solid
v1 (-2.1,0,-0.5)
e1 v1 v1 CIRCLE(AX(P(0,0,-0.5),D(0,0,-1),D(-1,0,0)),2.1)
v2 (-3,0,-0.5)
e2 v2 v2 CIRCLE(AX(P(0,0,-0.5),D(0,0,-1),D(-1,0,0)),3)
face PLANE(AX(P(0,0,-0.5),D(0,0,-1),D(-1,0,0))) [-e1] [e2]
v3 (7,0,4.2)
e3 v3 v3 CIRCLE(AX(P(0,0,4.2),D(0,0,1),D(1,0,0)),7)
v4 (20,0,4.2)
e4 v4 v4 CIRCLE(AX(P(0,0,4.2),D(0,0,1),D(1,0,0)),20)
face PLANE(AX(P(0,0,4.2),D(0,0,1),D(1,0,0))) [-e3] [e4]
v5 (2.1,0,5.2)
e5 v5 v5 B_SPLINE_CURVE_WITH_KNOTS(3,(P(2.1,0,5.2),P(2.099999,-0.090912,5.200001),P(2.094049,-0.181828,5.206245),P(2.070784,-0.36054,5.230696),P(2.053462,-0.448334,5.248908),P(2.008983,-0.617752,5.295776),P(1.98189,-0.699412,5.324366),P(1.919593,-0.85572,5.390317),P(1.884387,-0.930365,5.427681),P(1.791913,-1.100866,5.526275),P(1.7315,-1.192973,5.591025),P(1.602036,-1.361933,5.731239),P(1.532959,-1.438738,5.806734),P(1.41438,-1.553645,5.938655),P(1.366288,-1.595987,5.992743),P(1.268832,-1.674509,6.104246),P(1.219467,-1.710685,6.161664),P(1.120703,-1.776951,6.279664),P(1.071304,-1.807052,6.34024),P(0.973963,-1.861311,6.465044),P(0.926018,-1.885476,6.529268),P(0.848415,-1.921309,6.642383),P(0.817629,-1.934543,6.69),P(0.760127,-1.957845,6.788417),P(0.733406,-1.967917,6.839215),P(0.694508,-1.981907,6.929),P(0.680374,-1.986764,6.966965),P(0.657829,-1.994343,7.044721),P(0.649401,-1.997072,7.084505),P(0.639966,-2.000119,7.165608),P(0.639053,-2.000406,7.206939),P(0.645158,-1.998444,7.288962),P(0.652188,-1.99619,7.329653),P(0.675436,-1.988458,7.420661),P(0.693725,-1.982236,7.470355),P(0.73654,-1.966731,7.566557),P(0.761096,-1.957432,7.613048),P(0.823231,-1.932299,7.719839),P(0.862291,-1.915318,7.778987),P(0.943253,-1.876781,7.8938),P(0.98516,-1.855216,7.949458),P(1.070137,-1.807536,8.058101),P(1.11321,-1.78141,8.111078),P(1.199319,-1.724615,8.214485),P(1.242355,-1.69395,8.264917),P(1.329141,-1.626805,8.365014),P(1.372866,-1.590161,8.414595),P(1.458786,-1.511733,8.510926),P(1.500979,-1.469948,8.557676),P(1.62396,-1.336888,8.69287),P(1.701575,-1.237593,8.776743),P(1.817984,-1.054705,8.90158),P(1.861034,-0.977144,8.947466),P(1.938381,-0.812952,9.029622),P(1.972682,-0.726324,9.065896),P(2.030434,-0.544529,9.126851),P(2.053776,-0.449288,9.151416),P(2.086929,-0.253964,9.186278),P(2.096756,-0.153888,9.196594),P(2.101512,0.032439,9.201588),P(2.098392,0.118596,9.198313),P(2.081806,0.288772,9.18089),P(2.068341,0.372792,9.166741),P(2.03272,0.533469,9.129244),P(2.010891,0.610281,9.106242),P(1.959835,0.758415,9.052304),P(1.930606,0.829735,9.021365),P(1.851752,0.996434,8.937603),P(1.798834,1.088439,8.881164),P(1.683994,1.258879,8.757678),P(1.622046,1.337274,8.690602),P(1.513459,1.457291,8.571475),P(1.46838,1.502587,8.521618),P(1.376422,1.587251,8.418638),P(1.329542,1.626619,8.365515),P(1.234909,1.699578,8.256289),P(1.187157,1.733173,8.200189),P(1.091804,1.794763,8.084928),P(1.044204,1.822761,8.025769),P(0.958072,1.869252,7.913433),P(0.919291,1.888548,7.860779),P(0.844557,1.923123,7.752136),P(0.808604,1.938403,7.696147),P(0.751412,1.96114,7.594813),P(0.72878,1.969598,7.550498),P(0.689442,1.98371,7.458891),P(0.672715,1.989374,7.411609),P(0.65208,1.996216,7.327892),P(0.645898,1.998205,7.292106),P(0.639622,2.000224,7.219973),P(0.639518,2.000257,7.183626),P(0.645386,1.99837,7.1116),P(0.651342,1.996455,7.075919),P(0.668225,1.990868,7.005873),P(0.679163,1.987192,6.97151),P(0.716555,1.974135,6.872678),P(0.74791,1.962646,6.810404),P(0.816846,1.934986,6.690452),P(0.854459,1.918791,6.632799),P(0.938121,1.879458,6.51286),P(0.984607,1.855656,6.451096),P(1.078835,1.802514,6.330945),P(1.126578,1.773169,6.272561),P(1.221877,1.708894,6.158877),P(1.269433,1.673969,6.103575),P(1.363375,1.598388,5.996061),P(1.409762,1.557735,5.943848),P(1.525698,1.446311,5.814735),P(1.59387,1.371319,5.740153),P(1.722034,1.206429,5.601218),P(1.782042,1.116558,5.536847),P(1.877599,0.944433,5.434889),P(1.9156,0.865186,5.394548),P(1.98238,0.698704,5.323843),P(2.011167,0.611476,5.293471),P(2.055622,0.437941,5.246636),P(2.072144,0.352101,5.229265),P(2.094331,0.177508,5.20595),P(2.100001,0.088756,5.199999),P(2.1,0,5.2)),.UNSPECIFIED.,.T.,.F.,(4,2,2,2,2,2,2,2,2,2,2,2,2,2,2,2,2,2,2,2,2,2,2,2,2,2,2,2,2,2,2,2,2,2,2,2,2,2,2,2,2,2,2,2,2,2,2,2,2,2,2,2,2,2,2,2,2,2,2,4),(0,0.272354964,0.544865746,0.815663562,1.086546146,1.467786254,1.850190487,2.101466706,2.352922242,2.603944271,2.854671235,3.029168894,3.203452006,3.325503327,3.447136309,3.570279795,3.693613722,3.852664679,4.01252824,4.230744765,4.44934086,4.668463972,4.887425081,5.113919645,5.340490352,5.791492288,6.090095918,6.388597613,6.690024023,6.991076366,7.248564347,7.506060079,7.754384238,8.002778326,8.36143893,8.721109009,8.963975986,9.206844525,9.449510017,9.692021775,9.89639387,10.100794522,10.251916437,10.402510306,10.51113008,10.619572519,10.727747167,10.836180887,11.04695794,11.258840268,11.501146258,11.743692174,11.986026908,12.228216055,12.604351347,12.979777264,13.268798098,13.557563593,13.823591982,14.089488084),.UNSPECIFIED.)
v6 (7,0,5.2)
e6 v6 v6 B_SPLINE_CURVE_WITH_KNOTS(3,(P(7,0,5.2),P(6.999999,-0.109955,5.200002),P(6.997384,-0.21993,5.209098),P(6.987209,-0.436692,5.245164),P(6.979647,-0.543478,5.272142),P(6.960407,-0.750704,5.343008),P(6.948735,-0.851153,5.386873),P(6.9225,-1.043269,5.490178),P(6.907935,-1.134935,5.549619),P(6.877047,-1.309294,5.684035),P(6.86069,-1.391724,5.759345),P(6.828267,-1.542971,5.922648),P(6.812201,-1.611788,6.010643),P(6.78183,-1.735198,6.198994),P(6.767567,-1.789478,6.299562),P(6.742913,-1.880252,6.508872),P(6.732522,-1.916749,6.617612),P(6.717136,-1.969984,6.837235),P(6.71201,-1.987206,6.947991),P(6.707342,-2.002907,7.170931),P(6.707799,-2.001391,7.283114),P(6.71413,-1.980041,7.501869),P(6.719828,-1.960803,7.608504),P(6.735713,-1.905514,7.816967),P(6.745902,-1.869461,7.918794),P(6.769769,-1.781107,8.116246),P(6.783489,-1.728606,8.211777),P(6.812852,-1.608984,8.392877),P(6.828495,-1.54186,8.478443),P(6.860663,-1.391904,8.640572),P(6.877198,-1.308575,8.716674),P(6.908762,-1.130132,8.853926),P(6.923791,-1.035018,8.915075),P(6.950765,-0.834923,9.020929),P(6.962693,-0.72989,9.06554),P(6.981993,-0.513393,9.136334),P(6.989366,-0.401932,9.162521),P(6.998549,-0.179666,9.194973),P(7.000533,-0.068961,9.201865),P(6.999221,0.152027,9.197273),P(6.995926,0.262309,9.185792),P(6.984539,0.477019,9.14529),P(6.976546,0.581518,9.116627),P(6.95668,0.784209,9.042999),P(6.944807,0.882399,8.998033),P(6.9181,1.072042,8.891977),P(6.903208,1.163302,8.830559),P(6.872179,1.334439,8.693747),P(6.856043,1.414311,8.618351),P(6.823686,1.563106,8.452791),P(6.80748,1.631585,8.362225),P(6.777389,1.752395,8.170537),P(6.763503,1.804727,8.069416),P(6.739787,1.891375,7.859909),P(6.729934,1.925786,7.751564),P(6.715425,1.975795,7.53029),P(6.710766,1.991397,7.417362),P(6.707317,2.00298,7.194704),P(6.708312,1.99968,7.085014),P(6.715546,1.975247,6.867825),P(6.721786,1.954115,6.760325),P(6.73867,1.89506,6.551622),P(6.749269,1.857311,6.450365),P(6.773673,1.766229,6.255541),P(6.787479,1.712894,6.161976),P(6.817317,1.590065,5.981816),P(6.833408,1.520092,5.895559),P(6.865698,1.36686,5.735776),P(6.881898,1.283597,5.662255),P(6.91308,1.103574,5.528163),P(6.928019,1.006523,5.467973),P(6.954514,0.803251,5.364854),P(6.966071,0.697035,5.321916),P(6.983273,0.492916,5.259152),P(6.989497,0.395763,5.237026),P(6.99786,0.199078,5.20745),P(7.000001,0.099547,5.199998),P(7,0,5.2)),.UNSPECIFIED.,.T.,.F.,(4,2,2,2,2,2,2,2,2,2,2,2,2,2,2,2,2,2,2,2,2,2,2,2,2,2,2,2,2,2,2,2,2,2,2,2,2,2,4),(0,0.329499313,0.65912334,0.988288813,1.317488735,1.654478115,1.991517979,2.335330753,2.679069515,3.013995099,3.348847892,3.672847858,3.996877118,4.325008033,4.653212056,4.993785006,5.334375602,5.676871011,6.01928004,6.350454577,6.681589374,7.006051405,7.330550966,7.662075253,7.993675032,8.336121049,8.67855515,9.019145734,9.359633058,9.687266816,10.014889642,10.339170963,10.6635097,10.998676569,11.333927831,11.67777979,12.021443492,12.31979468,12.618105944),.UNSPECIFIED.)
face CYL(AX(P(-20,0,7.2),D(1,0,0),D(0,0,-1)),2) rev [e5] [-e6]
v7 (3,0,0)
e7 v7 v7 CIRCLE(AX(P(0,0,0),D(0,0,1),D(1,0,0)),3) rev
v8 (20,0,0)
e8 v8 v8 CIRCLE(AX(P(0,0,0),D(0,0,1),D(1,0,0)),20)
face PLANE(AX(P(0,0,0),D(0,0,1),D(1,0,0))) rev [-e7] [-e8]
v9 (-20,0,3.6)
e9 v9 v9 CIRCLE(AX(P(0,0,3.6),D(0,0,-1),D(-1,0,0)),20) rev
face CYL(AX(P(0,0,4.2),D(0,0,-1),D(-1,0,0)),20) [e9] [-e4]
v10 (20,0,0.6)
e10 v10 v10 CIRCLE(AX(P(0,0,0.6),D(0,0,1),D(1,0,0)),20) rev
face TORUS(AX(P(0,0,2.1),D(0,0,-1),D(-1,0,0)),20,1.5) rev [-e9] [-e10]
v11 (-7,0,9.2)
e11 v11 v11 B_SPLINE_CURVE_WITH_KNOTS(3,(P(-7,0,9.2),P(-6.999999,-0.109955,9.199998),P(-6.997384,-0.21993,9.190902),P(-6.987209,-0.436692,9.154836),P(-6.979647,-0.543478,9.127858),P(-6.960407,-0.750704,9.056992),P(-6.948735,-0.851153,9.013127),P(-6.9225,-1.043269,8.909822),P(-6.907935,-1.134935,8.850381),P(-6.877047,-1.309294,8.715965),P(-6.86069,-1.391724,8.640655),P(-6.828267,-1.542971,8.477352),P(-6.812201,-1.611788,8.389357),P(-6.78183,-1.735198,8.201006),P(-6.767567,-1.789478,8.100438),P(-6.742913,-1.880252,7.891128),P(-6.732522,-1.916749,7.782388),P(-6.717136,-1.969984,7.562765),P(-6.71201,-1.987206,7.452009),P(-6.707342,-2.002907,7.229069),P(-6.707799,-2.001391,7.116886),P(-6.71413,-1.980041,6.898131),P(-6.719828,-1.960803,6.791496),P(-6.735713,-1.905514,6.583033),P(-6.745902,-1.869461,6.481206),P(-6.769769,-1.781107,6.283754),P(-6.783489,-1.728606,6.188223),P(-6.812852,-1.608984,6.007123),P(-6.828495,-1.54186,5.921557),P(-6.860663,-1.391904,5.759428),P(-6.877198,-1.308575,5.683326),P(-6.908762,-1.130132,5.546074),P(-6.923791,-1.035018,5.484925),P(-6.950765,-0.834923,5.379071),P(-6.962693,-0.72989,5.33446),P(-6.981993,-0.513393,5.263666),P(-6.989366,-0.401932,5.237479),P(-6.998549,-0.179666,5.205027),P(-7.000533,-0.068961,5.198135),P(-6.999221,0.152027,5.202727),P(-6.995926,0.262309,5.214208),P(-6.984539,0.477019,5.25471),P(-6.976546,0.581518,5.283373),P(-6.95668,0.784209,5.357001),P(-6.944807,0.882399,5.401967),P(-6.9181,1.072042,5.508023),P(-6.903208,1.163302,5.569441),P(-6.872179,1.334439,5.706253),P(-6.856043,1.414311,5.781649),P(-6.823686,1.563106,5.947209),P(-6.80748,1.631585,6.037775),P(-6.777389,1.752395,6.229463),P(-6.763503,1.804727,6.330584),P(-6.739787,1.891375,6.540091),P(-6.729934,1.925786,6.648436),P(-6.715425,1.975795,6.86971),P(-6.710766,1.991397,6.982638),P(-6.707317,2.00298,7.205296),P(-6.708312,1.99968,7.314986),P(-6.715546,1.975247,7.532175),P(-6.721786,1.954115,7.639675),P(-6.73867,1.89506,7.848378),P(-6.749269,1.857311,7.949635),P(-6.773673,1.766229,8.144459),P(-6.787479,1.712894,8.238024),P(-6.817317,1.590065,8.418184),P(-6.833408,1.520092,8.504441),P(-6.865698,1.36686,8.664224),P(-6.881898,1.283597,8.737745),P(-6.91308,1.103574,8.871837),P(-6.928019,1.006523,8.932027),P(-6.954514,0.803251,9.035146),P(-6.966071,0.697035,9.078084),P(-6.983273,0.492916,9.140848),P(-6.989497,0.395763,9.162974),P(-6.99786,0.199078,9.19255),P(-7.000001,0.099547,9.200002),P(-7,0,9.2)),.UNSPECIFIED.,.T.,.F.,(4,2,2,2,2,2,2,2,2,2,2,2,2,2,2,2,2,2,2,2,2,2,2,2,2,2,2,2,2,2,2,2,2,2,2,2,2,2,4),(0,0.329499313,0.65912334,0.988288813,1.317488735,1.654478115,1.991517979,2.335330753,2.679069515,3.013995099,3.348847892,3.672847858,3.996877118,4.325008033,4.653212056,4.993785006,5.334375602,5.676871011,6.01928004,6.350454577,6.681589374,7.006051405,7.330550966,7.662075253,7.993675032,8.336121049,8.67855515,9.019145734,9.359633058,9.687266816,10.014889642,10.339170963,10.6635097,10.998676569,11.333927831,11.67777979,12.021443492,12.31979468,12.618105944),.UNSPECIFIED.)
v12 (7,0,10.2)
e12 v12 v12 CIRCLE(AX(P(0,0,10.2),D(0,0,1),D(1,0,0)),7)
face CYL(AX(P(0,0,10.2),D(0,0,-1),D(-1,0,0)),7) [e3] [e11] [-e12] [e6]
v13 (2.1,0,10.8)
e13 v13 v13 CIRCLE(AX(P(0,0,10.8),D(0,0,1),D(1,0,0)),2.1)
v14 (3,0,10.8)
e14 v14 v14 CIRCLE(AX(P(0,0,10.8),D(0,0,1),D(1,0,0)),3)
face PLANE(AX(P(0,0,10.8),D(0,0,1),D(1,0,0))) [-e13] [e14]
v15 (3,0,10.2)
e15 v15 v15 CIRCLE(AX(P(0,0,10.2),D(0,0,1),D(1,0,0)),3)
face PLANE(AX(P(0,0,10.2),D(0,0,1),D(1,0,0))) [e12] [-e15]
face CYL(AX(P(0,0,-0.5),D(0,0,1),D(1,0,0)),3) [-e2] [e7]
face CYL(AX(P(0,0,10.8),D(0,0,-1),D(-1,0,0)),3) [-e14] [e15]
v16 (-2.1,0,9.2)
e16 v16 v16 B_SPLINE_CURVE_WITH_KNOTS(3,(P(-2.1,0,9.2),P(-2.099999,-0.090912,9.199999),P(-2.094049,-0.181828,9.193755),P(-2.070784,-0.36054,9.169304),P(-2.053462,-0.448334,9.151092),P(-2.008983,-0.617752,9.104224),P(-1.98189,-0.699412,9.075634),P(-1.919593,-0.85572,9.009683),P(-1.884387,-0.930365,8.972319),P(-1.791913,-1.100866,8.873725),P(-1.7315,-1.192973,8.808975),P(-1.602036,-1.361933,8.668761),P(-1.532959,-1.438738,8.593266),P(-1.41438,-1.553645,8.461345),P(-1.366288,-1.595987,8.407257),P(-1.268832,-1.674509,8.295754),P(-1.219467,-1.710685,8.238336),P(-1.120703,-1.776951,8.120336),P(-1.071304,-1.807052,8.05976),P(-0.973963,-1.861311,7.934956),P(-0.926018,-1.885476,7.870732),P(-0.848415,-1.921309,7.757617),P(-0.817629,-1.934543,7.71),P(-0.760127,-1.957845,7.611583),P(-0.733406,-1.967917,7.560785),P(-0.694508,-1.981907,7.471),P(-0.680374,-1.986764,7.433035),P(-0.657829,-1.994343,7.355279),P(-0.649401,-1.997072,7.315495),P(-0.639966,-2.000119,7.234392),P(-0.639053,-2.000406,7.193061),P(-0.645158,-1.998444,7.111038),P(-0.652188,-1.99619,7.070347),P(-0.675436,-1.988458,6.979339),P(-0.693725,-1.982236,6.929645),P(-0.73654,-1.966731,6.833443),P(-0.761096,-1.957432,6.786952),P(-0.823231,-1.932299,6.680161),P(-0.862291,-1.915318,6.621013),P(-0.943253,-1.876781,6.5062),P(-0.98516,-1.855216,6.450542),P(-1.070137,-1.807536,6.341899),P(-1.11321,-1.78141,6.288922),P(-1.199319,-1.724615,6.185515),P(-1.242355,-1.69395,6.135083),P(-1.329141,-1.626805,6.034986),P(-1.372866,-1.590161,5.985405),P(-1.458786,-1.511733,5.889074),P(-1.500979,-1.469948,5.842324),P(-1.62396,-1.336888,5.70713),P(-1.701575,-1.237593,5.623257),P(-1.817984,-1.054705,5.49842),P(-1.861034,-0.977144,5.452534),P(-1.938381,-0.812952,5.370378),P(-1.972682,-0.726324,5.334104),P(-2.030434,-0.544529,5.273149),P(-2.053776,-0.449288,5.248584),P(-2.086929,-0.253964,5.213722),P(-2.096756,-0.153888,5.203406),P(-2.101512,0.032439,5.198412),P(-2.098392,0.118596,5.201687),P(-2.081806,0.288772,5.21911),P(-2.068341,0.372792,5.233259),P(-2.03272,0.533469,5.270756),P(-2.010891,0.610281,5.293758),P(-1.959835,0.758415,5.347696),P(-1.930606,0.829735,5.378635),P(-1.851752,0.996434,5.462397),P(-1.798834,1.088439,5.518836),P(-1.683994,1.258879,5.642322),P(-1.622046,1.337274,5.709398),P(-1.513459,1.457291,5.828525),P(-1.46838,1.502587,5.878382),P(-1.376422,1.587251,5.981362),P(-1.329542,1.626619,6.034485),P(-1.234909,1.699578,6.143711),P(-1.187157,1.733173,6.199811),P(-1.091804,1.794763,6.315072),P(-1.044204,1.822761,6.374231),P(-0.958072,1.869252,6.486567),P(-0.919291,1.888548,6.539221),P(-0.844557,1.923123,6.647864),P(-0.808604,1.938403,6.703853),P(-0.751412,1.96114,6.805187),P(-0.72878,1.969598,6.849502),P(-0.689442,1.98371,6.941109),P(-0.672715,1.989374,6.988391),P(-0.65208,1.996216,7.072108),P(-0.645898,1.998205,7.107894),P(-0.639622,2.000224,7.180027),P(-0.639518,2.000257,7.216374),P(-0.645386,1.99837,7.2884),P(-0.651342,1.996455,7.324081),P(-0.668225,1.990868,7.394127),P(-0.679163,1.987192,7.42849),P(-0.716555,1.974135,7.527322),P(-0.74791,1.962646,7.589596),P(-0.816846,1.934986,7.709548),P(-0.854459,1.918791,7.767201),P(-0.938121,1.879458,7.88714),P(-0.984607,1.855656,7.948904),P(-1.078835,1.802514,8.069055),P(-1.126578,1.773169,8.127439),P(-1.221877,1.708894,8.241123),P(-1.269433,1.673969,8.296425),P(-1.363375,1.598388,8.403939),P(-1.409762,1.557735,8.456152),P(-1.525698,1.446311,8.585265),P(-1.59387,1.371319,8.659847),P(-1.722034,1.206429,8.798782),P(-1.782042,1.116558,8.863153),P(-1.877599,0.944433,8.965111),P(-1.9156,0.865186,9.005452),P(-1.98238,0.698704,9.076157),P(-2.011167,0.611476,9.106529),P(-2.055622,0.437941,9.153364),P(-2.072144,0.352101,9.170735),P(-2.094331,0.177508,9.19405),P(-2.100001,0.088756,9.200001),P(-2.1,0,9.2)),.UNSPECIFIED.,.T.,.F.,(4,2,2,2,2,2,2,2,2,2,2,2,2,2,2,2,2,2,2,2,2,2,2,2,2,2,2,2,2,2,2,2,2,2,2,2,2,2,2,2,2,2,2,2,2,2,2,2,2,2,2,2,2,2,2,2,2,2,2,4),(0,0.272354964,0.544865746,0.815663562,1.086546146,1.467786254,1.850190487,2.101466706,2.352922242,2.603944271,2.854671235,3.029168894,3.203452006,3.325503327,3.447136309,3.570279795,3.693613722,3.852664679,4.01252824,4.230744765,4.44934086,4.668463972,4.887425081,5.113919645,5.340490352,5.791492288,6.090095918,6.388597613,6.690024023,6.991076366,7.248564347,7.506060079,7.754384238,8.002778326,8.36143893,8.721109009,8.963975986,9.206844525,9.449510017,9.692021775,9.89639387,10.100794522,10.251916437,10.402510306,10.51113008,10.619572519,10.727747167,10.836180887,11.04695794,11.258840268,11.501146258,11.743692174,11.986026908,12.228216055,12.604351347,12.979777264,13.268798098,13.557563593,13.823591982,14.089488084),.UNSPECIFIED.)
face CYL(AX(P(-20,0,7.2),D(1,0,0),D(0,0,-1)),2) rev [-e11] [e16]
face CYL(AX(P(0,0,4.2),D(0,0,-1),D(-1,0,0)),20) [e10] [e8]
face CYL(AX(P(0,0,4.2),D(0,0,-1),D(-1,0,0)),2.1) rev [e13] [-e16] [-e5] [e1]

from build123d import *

# Parameters (mm, degrees)
ESQUISSE1_R                  = 20
ESQUISSE1_R_2                = 2.1
BOSS_EXTRU_1_DEPTH           = 4.2
ESQUISSE2_R                  = 7
ESQUISSE2_R_2                = 2.1
BOSS_EXTRU_2_DEPTH           = 6
ESQUISSE3_R                  = 1.5
ENL_V_MAT_EXTRU_1_DEPTH      = 31.067257939
ENL_V_MAT_EXTRU_1_DEPTH_BACK = 31.067257939
ESQUISSE5_R                  = 2
ESQUISSE7_R                  = 3
ESQUISSE7_R_2                = 2.1
BOSS_EXTRU_4_DEPTH           = 0.6
BOSS_EXTRU_5_START           = 0.5
ESQUISSE8_R                  = 3
ESQUISSE8_R_2                = 2.1
BOSS_EXTRU_5_DEPTH           = 0.5


with BuildPart() as part:
    # Esquisse1 → Boss.-Extru.1 (new body)
    with BuildSketch(Plane.XY):
        Circle(ESQUISSE1_R)
        Circle(ESQUISSE1_R_2, mode=Mode.SUBTRACT)
    extrude(amount=BOSS_EXTRU_1_DEPTH)

    # Esquisse2 → Boss.-Extru.2 (add)
    with BuildSketch(Plane.XY.offset(4.2)):
        Circle(ESQUISSE2_R)
        Circle(ESQUISSE2_R_2, mode=Mode.SUBTRACT)
    extrude(amount=BOSS_EXTRU_2_DEPTH)

    # Esquisse3 → Enlèvement de matière-Révolution1 (revolve, cut)
    with BuildSketch(Plane(origin=(0, 0, 0), x_dir=(0, 0, -1), z_dir=(1, 0, 0)), mode=Mode.PRIVATE) as enl_vement_de_mati_re_r_volution1_sk:
        with Locations((-2.1, 20)):
            Circle(ESQUISSE3_R)
    revolve(enl_vement_de_mati_re_r_volution1_sk.sketch.rotate(Axis((0, 0, 0), (0, 0, 1)), 90), axis=Axis((0, 0, 0), (0, 0, 1)), mode=Mode.SUBTRACT)

    # Esquisse5 → Enlèv. mat.-Extru.1 (cut, two sides: drawn at the far end of the back side and taken through both)
    with BuildSketch(Plane(origin=(0, 0, 0), x_dir=(0, 0, -1), z_dir=(1, 0, 0)).offset(-ENL_V_MAT_EXTRU_1_DEPTH_BACK)):
        with Locations((-7.2, 0)):
            Circle(ESQUISSE5_R)
    extrude(amount=ENL_V_MAT_EXTRU_1_DEPTH + ENL_V_MAT_EXTRU_1_DEPTH_BACK, mode=Mode.SUBTRACT)

    # Esquisse7 → Boss.-Extru.4 (add)
    with BuildSketch(Plane.XY.offset(10.2)):
        Circle(ESQUISSE7_R)
        Circle(ESQUISSE7_R_2, mode=Mode.SUBTRACT)
    extrude(amount=BOSS_EXTRU_4_DEPTH)

    # Esquisse8 → Boss.-Extru.5 (add)
    with BuildSketch(Plane(origin=(0, 0, 0), x_dir=(-1, 0, 0), z_dir=(0, 0, -1)).offset(BOSS_EXTRU_5_START)):
        with Locations(Location((0, 0, 0), (0, 0, 180))):
            Circle(ESQUISSE8_R)
        Circle(ESQUISSE8_R_2, mode=Mode.SUBTRACT)
    extrude(amount=-BOSS_EXTRU_5_DEPTH)


solid = part.part
